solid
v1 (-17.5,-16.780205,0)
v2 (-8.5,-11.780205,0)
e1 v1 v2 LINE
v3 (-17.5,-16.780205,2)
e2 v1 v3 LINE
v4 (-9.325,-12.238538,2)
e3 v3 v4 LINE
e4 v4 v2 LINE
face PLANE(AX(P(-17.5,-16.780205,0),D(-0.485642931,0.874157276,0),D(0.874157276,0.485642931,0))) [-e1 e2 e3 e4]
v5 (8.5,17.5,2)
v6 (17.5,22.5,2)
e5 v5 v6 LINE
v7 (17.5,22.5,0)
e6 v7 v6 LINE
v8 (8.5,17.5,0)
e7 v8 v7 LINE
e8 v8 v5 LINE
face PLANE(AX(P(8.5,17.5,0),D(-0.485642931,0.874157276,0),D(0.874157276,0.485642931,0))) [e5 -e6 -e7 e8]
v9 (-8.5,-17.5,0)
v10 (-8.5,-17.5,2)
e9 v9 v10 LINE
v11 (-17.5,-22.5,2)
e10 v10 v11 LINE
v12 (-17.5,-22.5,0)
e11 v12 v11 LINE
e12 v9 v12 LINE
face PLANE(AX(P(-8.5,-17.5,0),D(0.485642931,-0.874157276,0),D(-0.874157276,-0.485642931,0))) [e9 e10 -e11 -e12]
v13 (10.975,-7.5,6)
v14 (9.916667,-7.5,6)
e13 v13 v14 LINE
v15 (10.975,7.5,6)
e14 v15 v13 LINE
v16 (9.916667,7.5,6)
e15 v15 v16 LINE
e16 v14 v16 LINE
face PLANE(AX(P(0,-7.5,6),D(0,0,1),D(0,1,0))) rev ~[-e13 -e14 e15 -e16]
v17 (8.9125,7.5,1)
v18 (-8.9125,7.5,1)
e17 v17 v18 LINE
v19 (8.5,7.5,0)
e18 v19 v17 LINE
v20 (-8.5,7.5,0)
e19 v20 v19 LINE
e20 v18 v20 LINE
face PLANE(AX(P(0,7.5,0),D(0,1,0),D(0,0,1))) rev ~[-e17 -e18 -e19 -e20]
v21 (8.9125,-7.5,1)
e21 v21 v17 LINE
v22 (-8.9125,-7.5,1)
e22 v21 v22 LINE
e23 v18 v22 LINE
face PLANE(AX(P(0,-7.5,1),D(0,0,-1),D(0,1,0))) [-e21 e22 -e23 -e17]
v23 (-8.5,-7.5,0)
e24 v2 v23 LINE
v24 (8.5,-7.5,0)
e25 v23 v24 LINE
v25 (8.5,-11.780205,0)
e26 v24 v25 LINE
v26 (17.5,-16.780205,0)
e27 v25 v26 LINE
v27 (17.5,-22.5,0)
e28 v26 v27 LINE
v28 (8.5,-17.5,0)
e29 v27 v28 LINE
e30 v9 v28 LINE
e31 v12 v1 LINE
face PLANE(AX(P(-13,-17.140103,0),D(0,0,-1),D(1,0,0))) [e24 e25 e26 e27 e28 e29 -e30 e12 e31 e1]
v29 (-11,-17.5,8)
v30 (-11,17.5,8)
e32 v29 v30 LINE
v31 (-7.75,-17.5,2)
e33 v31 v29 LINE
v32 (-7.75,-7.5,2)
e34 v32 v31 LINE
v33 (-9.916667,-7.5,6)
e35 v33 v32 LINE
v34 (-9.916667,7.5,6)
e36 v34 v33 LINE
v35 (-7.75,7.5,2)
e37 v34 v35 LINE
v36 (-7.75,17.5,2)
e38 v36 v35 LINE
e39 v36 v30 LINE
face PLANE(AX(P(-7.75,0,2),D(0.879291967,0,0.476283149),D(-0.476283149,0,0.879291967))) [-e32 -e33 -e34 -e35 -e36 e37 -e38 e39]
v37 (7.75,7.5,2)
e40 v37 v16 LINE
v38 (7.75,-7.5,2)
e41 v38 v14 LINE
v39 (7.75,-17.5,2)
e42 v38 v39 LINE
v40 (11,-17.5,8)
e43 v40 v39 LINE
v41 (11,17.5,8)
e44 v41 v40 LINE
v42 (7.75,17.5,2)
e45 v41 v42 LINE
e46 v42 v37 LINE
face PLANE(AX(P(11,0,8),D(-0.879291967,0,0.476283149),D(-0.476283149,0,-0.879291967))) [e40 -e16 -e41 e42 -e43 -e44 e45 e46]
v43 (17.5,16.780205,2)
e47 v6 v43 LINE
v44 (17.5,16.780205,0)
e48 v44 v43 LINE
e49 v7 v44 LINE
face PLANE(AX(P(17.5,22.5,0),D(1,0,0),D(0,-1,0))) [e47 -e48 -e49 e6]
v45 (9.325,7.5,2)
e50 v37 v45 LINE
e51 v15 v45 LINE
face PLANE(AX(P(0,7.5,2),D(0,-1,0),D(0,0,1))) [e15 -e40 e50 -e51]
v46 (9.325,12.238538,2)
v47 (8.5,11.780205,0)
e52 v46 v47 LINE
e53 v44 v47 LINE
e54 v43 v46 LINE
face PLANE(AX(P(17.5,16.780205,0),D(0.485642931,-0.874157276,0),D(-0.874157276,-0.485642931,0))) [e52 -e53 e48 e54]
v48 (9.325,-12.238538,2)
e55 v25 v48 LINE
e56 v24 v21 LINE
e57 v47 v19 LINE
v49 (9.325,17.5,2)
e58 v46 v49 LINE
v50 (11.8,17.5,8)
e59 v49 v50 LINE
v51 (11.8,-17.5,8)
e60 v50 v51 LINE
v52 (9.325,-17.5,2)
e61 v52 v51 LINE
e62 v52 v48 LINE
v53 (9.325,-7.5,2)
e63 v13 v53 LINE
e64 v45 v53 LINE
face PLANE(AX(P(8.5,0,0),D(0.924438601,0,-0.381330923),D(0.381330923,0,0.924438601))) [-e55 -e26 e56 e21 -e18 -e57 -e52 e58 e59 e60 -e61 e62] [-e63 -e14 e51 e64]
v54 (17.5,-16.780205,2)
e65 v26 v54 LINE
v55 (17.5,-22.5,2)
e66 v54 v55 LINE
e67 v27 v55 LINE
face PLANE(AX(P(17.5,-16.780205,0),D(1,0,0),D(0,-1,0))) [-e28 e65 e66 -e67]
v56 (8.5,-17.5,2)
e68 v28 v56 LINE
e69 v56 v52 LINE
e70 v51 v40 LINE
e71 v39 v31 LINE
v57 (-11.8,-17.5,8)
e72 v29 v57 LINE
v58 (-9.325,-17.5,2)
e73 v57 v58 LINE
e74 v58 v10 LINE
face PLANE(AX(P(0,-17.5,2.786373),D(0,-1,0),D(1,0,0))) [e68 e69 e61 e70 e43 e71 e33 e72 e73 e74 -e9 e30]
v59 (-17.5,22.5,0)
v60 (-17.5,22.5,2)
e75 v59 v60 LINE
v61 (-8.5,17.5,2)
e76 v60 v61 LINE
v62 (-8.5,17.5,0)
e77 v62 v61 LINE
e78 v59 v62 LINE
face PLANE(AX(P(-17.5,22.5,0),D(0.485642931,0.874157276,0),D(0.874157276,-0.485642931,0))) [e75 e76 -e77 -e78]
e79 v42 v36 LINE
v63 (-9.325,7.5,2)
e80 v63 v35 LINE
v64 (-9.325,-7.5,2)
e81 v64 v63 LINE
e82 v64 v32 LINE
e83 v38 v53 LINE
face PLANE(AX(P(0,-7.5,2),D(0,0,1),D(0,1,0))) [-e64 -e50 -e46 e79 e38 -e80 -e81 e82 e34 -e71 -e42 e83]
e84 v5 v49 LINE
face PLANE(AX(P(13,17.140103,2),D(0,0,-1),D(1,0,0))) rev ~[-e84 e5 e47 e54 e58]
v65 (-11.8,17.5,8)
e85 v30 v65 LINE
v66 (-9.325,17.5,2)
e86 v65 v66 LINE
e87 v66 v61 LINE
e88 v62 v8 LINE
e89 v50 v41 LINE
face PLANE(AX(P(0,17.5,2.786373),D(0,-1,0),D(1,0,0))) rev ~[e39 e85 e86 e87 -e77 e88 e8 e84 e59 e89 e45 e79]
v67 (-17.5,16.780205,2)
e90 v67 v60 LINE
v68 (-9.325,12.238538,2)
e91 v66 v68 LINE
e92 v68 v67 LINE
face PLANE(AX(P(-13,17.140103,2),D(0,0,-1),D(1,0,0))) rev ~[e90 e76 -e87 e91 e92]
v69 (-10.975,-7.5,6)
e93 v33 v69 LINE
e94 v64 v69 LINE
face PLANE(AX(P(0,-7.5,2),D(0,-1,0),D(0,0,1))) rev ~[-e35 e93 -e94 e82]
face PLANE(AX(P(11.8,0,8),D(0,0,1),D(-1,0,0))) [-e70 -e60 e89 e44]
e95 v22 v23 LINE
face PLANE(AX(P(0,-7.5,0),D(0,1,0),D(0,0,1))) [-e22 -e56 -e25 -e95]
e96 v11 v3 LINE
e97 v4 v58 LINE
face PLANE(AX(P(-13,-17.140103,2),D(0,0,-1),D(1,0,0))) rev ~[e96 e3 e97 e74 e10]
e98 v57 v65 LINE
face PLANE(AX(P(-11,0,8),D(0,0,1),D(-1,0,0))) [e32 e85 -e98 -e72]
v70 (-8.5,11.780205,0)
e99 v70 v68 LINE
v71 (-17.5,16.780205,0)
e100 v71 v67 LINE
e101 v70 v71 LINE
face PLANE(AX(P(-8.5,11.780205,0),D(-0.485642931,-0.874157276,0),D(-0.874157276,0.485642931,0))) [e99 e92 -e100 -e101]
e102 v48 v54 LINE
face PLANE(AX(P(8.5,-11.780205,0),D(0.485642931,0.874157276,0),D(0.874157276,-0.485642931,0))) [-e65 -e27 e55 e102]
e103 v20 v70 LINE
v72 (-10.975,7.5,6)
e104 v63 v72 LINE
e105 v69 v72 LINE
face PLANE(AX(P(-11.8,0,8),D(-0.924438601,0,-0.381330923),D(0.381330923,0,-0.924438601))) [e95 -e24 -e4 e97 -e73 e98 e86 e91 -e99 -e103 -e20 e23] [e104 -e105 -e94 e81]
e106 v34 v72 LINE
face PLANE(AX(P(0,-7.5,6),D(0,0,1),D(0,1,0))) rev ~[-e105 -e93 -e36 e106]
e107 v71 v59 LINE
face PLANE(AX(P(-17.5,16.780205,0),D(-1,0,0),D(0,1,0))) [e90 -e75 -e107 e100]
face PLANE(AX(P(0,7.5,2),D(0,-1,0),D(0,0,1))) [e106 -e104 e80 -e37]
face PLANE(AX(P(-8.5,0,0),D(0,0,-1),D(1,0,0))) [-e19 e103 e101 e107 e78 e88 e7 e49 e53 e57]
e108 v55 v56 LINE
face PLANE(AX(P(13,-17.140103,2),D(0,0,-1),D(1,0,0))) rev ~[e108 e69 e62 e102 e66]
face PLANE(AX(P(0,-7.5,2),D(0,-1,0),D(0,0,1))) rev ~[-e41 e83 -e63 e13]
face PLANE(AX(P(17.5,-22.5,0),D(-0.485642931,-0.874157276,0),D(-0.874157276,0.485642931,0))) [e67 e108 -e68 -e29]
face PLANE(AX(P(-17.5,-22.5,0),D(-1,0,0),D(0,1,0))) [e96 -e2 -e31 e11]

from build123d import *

# Parameters (mm, degrees)
F1_DEPTH = 17.5
F2_W     = 15
F2_H     = 4
F2_H_2   = 1
F3_DEPTH = 50
F5_DEPTH = 2


with BuildPart() as f1:
    # F0 (on Front) → F1 (new body, symmetric)
    with BuildSketch(Plane.XZ):
        Polygon((-8.5, 0), (0, 0), (8.5, 0), (11.8, 8), (11, 8), (7.75, 2), (0, 2), (-7.75, 2), (-11, 8), (-11.8, 8), align=None)
    extrude(amount=F1_DEPTH, both=True)

    # F2 (on Right) → F3 (cut, symmetric)
    with BuildSketch(Plane.YZ):
        with Locations((0, 4)):
            Rectangle(F2_W, F2_H)
        with Locations((0, 0.5)):
            Rectangle(F2_W, F2_H_2)
    extrude(amount=F3_DEPTH, both=True, mode=Mode.SUBTRACT)

    # F4 (on face) → F5 (join)
    with BuildSketch(Plane(origin=(0, 0, 0), x_dir=(1, 0, 0), z_dir=(0, 0, -1))):
        Polygon((-8.5, 11.780205), (-8.5, 17.5), (-17.5, 22.5), (-17.5, 16.780205), align=None)
        Polygon((-8.5, -11.780205), (-17.5, -16.780205), (-17.5, -22.5), (-8.5, -17.5), align=None)
        Polygon((8.5, -11.780205), (8.5, -17.5), (17.5, -22.5), (17.5, -16.780205), align=None)
        Polygon((17.5, 22.5), (8.5, 17.5), (8.5, 11.780205), (17.5, 16.780205), align=None)
    extrude(amount=-F5_DEPTH)


solid = f1.part
